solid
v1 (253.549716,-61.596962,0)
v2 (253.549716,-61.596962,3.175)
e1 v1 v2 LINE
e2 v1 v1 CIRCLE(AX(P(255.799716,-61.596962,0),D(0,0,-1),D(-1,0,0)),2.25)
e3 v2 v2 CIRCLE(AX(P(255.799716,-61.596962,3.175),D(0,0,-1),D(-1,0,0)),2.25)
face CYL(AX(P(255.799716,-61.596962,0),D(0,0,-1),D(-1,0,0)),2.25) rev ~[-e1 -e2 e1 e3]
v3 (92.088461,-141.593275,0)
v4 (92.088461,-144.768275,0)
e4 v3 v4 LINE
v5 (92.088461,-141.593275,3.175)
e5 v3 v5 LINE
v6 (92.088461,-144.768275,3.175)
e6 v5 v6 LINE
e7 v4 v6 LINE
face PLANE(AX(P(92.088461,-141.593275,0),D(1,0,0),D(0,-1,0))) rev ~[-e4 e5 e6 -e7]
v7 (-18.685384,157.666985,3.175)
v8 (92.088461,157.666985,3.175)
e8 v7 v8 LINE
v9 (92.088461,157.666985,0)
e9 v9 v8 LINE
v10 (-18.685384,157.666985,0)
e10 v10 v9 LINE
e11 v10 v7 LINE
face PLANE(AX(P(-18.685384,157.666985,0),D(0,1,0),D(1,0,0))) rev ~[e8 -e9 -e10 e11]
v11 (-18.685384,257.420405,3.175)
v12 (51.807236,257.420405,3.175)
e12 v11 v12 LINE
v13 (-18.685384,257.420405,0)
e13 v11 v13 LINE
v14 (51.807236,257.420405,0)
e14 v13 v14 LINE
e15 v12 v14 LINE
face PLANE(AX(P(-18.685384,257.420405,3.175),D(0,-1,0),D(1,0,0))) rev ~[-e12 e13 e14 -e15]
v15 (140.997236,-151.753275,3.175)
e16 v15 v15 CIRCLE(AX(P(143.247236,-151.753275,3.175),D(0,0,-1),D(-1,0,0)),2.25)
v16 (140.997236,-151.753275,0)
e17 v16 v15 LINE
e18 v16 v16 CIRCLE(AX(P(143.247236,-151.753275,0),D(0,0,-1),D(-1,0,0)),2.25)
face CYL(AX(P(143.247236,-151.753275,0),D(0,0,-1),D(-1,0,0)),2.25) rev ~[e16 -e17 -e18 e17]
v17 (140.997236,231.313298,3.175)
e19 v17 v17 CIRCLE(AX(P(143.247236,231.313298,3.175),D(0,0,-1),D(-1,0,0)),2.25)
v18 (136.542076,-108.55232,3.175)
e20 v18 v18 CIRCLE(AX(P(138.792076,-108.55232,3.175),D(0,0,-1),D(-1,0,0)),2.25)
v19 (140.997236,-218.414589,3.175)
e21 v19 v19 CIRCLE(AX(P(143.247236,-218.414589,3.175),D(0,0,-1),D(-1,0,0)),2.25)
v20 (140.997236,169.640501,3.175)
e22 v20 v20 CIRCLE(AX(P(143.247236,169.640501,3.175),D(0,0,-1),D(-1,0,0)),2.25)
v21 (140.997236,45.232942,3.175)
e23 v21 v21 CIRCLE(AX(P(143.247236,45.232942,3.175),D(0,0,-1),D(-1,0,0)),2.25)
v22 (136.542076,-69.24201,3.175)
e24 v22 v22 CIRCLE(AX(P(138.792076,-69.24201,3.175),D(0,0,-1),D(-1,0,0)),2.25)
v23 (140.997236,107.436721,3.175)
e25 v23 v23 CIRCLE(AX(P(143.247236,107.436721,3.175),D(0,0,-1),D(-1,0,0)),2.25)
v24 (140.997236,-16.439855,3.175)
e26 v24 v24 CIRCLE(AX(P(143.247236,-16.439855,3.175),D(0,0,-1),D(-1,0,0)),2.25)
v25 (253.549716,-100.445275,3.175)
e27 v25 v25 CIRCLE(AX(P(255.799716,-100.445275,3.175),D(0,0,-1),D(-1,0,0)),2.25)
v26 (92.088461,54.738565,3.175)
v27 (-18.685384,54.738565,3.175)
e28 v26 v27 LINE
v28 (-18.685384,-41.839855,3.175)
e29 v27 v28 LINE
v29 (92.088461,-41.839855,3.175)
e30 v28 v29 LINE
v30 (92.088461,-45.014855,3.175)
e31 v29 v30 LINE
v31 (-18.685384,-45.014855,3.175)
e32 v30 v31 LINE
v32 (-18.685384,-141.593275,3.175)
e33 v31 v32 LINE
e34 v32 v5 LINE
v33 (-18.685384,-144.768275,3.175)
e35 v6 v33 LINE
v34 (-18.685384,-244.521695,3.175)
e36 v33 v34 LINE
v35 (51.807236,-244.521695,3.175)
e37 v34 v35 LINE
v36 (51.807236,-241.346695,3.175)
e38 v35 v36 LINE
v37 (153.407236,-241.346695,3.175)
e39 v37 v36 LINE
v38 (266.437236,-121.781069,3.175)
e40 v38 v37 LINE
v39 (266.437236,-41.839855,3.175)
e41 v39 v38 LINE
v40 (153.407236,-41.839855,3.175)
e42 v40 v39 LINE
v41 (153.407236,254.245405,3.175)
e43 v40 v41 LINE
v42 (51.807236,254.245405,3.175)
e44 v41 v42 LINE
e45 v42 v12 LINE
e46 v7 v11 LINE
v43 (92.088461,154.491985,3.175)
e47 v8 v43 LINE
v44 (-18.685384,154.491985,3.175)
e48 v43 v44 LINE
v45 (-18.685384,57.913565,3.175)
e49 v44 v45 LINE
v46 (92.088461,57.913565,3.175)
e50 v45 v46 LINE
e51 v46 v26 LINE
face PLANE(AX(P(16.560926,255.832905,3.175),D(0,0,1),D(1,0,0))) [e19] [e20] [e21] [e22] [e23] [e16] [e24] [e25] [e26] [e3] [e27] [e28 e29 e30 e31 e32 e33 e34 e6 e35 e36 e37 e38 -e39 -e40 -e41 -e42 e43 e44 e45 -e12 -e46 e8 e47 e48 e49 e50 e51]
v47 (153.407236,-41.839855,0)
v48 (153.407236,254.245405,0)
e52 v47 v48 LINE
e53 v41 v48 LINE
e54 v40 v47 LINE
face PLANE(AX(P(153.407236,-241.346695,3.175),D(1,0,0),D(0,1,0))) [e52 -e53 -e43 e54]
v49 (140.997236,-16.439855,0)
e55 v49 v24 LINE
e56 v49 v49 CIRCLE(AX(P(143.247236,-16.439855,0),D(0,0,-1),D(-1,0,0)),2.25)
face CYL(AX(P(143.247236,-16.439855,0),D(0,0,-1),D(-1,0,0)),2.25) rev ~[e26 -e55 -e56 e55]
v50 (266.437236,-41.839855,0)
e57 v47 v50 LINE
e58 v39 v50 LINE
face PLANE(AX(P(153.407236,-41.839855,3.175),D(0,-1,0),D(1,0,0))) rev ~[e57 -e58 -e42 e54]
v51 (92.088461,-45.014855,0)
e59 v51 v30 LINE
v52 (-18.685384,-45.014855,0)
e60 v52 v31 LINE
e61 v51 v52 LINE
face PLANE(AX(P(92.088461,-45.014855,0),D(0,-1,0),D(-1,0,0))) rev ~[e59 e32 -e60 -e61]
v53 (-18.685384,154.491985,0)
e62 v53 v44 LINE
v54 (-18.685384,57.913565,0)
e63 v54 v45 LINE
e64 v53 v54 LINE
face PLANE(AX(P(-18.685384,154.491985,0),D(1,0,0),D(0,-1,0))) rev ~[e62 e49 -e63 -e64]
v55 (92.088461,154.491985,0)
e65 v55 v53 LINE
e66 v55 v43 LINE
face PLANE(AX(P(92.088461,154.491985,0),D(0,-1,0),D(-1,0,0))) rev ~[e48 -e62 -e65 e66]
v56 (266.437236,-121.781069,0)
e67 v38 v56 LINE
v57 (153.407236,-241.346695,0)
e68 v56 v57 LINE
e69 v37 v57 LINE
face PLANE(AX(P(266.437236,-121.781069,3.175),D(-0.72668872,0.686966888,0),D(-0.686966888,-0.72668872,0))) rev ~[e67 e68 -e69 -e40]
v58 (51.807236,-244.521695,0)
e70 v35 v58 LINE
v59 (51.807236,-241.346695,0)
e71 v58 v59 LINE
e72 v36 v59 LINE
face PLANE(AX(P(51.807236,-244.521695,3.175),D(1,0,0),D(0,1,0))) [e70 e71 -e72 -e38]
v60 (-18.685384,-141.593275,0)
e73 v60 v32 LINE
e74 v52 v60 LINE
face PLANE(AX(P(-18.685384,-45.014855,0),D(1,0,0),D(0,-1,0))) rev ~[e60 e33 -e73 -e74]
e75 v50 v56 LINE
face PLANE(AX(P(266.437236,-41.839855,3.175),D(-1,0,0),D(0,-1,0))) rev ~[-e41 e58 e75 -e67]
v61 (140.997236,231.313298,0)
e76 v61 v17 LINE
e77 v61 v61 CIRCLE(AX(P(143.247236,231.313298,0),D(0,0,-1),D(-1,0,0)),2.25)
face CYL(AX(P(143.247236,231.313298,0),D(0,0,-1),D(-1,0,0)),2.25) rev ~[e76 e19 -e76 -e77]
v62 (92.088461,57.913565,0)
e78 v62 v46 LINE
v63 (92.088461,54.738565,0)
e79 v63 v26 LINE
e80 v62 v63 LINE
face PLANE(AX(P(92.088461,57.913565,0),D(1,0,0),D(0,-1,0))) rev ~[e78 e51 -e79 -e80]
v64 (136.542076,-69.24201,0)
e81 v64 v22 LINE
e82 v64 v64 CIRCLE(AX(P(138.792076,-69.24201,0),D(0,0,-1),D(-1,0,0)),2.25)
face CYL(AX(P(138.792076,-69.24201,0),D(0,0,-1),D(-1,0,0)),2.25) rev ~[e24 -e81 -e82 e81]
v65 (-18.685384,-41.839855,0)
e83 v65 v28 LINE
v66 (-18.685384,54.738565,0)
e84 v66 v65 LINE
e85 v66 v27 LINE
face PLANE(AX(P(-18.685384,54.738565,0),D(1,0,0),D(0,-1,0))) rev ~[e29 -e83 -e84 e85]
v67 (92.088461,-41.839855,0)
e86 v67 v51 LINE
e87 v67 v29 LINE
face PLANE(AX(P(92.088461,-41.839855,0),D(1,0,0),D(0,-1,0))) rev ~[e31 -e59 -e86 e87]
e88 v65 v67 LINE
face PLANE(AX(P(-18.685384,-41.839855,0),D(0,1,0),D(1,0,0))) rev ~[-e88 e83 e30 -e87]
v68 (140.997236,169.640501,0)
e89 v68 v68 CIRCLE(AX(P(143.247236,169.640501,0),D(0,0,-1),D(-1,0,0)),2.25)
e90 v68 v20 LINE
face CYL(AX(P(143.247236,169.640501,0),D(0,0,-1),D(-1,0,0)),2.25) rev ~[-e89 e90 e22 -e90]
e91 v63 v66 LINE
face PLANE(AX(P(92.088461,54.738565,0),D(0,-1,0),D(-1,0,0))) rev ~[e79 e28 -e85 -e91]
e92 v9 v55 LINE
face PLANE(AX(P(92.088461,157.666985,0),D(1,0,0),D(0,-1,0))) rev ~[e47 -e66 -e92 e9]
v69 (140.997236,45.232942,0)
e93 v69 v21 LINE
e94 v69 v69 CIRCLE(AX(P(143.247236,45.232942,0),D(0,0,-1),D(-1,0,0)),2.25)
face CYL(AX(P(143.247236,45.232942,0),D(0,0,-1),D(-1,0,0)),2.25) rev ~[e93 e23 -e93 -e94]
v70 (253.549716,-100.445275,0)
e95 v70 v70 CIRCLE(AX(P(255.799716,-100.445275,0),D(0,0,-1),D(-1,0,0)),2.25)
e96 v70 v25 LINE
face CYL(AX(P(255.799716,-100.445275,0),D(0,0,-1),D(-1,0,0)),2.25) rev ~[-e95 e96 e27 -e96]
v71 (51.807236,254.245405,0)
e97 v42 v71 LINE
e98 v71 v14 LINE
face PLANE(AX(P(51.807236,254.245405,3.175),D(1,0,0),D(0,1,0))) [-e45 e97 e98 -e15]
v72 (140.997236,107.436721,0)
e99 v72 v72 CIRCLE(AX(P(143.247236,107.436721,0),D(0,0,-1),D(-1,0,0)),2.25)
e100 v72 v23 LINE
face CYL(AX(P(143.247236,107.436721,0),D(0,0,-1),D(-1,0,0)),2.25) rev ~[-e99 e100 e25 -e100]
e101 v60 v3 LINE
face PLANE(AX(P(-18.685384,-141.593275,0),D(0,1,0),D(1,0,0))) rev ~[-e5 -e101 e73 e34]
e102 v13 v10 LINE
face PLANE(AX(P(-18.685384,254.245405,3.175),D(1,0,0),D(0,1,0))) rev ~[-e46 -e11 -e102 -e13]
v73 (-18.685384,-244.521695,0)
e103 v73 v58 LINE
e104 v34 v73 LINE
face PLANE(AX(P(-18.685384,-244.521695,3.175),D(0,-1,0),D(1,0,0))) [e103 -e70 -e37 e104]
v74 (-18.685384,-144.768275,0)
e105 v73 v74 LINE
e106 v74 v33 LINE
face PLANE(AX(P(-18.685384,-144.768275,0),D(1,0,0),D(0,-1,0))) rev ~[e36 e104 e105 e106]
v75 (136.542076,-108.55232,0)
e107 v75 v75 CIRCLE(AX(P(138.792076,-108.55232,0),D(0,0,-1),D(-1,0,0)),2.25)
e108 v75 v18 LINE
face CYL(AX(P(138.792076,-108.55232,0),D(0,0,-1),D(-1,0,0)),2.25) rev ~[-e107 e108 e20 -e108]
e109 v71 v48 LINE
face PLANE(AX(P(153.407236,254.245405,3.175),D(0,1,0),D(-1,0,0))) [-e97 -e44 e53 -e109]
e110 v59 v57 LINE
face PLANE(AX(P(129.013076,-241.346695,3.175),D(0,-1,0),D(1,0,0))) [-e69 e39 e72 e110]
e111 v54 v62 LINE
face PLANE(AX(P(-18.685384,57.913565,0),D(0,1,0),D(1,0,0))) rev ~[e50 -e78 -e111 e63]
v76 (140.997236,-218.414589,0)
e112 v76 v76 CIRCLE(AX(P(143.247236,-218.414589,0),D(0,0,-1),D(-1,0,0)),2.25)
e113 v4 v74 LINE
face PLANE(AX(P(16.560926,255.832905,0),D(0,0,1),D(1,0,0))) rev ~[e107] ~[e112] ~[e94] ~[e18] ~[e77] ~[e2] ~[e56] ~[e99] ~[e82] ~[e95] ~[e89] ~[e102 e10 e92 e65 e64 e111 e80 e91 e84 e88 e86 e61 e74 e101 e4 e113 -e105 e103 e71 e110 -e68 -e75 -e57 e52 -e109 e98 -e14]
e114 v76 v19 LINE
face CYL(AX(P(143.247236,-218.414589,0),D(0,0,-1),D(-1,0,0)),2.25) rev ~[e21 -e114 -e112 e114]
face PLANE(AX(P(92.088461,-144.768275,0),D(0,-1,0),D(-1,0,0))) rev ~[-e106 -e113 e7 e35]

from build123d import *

# Parameters (mm, degrees)
BOSS_EXTRUDE2_DEPTH = 3.175
BOSS_EXTRUDE3_DEPTH = 3.175
BOSS_EXTRUDE6_DEPTH = 3.175
SKETCH8_W           = 70.49262
SKETCH8_H           = 3.175
BOSS_EXTRUDE7_DEPTH = 3.175
SKETCH14_R          = 2.25
CUT_EXTRUDE1_DEPTH  = 371.49176257
SKETCH15_R          = 2.25
CUT_EXTRUDE2_DEPTH  = 371.49176257


with BuildPart() as part:
    # Sketch1 → Boss-Extrude2 (new body)
    with BuildSketch(Plane.XY):
        Polygon((129.013076168, 254.245404572), (-18.685383832, 254.245404572), (-18.685383832, 157.666984572), (92.088461168, 157.666984572), (92.088461168, 154.491984572), (-18.685383832, 154.491984572), (-18.685383832, 57.913564572), (92.088461168, 57.913564572), (92.088461168, 54.738564572), (-18.685383832, 54.738564572), (-18.685383832, -41.839855428), (92.088461168, -41.839855428), (92.088461168, -45.014855428), (-18.685383832, -45.014855428), (-18.685383832, -141.593275428), (92.088461168, -141.593275428), (92.088461168, -144.768275428), (-18.685383832, -144.768275428), (-18.685383832, -241.346695428), (129.013076168, -241.346695428), align=None)
    extrude(amount=BOSS_EXTRUDE2_DEPTH)

    # Sketch2 → Boss-Extrude3 (add, through all)
    with BuildSketch(Plane.XY.offset(3.175)):
        Polygon((129.013076168, 254.245404572), (129.013076168, -241.346695428), (153.407236168, -241.346695428), (153.407236168, -227.262720585), (153.407236168, -187.892720585), (153.407236168, -143.180775428), (153.407236168, 240.16142973), (153.407236168, 254.245404572), align=None)
    extrude(amount=-BOSS_EXTRUDE3_DEPTH)

    # Sketch7 → Boss-Extrude6 (add, through all)
    with BuildSketch(Plane.XY.offset(3.175)):
        Polygon((153.22938521, -121.781069434), (153.407236168, -41.839855428), (266.437236168, -41.839855428), (266.437236168, -121.781069434), (153.407236168, -241.346695428), align=None)
    extrude(amount=-BOSS_EXTRUDE6_DEPTH)

    # Sketch8 → Boss-Extrude7 (add, through all)
    with BuildSketch(Plane.XY.offset(3.175)):
        with Locations((16.560926168, 255.832904572)):
            Rectangle(SKETCH8_W, SKETCH8_H)
        with Locations((16.560926168, -242.934195428)):
            Rectangle(SKETCH8_W, SKETCH8_H)
    extrude(amount=-BOSS_EXTRUDE7_DEPTH)

    # Sketch14 → Cut-Extrude1 (cut, through all)
    with BuildSketch(Plane(origin=(0, 0, 0), x_dir=(-1, 0, 0), z_dir=(0, 0, -1))):
        with Locations((-143.247236168, -218.414588646)):
            Circle(SKETCH14_R)
        with Locations((-143.247236168, -151.753275428)):
            Circle(SKETCH14_R)
        with Locations((-255.799716168, -100.445275428)):
            Circle(SKETCH14_R)
        with Locations((-255.799716168, -61.596962209)):
            Circle(SKETCH14_R)
        with Locations((-143.247236168, -16.439855428)):
            Circle(SKETCH14_R)
        with Locations((-143.247236168, 45.232941839)):
            Circle(SKETCH14_R)
        with Locations((-143.247236168, 107.436721182)):
            Circle(SKETCH14_R)
        with Locations((-143.247236168, 169.640500525)):
            Circle(SKETCH14_R)
        with Locations((-143.247236168, 231.313297791)):
            Circle(SKETCH14_R)
    extrude(amount=-CUT_EXTRUDE1_DEPTH, mode=Mode.SUBTRACT)

    # Sketch15 → Cut-Extrude2 (cut, through all)
    with BuildSketch(Plane(origin=(0, 0, 0), x_dir=(-1, 0, 0), z_dir=(0, 0, -1))):
        with Locations((-138.792076168, -108.552320428)):
            Circle(SKETCH15_R)
        with Locations((-138.792076168, -69.242010428)):
            Circle(SKETCH15_R)
    extrude(amount=-CUT_EXTRUDE2_DEPTH, mode=Mode.SUBTRACT)


solid = part.part
